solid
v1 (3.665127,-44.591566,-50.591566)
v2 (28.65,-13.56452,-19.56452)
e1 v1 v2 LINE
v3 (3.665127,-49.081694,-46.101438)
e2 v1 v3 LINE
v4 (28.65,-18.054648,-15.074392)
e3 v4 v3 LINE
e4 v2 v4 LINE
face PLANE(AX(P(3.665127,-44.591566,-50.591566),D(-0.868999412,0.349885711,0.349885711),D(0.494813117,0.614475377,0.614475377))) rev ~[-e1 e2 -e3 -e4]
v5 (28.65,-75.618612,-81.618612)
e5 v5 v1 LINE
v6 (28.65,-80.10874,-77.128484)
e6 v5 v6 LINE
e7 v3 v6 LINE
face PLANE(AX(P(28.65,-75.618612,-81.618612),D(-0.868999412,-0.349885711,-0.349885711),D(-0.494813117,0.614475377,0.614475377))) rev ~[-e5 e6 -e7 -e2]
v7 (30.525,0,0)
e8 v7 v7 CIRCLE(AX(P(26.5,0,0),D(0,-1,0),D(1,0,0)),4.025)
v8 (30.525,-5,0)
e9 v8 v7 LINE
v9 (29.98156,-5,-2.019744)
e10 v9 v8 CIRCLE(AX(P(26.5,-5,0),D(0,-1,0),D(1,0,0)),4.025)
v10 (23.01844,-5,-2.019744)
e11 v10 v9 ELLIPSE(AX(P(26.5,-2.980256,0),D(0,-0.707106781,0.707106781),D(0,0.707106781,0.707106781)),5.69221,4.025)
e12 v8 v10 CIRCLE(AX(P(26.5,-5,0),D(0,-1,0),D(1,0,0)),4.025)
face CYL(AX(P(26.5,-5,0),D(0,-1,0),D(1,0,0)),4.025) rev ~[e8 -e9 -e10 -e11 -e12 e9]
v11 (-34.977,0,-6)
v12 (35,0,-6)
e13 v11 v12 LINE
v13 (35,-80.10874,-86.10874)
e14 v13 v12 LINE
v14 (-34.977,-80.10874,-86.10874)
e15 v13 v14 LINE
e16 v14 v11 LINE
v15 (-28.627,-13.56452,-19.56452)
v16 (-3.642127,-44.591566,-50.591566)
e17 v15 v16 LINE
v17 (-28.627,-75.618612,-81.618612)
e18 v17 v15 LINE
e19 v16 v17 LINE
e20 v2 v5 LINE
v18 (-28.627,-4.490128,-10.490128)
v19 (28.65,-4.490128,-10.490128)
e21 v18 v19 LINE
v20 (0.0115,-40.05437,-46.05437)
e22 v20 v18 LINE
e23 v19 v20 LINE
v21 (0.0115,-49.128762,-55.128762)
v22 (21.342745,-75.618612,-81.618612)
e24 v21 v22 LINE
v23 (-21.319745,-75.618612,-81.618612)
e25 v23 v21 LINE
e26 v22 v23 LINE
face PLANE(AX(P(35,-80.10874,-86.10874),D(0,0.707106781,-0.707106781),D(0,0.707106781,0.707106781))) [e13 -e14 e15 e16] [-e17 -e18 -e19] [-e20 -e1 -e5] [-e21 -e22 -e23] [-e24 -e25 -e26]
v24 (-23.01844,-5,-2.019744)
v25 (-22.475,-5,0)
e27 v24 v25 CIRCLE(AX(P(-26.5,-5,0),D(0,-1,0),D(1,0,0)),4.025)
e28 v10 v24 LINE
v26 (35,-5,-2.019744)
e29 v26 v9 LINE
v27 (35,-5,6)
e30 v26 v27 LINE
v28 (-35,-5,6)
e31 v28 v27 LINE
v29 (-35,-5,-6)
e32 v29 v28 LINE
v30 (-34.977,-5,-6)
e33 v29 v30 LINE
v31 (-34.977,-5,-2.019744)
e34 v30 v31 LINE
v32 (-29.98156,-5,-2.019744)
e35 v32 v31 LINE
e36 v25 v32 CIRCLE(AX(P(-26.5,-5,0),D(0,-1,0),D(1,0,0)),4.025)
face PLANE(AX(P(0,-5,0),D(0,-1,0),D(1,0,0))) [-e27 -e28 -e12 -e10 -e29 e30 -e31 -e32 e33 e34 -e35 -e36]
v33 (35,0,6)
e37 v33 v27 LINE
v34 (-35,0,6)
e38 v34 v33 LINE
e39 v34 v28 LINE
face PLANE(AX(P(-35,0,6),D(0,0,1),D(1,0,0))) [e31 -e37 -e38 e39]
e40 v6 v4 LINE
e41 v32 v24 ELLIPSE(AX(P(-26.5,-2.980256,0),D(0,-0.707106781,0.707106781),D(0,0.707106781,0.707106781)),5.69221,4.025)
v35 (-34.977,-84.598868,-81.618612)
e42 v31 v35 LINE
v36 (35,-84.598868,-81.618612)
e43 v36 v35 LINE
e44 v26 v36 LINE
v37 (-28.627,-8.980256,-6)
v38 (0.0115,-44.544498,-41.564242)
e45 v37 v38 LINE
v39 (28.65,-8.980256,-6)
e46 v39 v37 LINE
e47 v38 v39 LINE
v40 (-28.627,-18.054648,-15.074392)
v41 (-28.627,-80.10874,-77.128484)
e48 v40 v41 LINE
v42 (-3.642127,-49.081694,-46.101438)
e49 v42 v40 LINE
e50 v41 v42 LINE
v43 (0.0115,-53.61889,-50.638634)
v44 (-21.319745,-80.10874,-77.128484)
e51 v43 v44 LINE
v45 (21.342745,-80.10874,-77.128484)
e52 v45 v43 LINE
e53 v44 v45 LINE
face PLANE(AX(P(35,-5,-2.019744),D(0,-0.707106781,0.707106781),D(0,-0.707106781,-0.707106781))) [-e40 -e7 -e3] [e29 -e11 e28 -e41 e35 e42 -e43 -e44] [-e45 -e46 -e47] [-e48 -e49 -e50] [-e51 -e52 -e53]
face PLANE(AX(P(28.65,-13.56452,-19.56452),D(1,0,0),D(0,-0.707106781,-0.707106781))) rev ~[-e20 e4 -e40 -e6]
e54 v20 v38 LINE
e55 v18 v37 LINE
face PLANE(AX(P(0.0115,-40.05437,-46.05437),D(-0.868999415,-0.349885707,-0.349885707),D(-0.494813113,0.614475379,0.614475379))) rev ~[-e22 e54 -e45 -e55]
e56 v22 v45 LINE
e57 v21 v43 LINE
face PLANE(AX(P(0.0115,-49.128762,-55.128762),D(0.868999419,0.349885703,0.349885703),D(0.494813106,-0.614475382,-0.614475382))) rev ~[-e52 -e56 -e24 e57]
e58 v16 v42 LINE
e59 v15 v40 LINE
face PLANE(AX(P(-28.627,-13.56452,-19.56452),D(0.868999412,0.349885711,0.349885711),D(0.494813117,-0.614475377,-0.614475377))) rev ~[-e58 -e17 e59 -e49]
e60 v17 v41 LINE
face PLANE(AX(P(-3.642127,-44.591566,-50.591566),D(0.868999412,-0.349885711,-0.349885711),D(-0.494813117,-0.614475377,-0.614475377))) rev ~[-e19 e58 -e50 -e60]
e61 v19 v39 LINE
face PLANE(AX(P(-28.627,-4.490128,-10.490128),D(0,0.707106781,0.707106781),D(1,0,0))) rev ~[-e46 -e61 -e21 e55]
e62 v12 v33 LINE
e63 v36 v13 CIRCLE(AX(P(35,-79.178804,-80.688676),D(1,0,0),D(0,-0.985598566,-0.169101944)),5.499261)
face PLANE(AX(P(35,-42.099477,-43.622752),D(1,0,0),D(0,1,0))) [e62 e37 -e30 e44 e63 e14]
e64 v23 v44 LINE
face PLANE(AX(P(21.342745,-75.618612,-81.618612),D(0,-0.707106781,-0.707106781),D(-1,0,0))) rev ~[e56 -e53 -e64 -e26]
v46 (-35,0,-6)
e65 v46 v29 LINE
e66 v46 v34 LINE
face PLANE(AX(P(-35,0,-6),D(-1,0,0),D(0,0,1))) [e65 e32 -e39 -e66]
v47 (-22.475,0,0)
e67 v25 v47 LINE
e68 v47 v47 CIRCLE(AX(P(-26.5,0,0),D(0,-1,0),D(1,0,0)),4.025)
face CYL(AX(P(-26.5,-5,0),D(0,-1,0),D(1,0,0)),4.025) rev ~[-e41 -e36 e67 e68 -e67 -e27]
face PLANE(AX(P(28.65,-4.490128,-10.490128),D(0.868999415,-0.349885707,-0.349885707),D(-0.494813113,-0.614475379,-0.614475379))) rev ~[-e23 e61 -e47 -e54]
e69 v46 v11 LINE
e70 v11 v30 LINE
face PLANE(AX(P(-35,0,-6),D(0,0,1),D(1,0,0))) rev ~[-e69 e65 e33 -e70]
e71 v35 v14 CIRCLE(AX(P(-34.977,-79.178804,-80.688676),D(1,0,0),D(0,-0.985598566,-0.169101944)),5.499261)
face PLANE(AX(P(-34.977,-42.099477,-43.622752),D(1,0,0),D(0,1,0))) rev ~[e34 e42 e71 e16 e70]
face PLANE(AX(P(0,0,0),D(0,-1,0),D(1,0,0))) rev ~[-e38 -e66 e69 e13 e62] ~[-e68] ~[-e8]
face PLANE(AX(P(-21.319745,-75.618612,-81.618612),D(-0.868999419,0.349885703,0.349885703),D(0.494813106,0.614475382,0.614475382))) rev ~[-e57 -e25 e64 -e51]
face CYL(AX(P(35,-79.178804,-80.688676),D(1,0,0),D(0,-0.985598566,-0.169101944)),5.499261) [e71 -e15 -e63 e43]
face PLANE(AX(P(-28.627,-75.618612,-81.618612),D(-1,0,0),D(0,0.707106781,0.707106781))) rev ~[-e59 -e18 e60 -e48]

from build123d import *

# Parameters (mm, degrees)
F0_W     = 70
F0_H     = 12
F1_DEPTH = 5
F2_R     = 4.025
F3_DEPTH = 25.4
F5_DEPTH = 69.977
F6_R     = 4.025
F7_DEPTH = 25.4
F9_DEPTH = 25.4


with BuildPart() as f1:
    # F0 (on Front) → F1 (new body)
    with BuildSketch(Plane.XZ):
        Rectangle(F0_W, F0_H)
    extrude(amount=F1_DEPTH)

    # F2 (on face) → F3 (cut)
    with BuildSketch(Plane.XZ.offset(5)):
        with Locations((-26.5, 0)):
            Circle(F2_R)
        with Locations((26.5, 0)):
            Circle(F2_R)
    extrude(amount=-F3_DEPTH, mode=Mode.SUBTRACT)

    # F4 (on face) → F5 (join)
    with BuildSketch(Plane.YZ.offset(35)):
        with BuildLine():
            Line((-80.10874, -86.10874), (0, -6))
            Line((0, -6), (-5, -6))
            Line((-5, -6), (-5, -2.019744))
            Line((-5, -2.019744), (-84.598868, -81.618612))
            ThreePointArc((-84.598868, -81.618612), (-83.067369, -84.577241), (-80.10874, -86.10874))
        make_face()
    extrude(amount=-F5_DEPTH)

    # F6 (on face) → F7 (cut)
    with BuildSketch(Plane(origin=(0, 0, 0), x_dir=(-1, 0, 0), z_dir=(0, 1, 0))):
        with Locations((26.5, 0)):
            Circle(F6_R)
        with Locations((-26.5, 0)):
            Circle(F6_R)
    extrude(amount=-F7_DEPTH, mode=Mode.SUBTRACT)

    # F8 (on face) → F9 (cut)
    with BuildSketch(Plane(origin=(0, 3, -3), x_dir=(-1, 0, 0), z_dir=(0, 0.707107, -0.707107))):
        Polygon((-3.665127, -67.304638), (-28.65, -23.425769), (-28.65, -111.183507), align=None)
        Polygon((-0.0115, -60.888074), (28.627, -10.592641), (-28.65, -10.592641), align=None)
        Polygon((28.627, -111.183507), (28.627, -23.425769), (3.642127, -67.304638), align=None)
        Polygon((-21.342745, -111.183507), (21.319745, -111.183507), (-0.0115, -73.721202), align=None)
    extrude(amount=-F9_DEPTH, mode=Mode.SUBTRACT)


solid = f1.part
